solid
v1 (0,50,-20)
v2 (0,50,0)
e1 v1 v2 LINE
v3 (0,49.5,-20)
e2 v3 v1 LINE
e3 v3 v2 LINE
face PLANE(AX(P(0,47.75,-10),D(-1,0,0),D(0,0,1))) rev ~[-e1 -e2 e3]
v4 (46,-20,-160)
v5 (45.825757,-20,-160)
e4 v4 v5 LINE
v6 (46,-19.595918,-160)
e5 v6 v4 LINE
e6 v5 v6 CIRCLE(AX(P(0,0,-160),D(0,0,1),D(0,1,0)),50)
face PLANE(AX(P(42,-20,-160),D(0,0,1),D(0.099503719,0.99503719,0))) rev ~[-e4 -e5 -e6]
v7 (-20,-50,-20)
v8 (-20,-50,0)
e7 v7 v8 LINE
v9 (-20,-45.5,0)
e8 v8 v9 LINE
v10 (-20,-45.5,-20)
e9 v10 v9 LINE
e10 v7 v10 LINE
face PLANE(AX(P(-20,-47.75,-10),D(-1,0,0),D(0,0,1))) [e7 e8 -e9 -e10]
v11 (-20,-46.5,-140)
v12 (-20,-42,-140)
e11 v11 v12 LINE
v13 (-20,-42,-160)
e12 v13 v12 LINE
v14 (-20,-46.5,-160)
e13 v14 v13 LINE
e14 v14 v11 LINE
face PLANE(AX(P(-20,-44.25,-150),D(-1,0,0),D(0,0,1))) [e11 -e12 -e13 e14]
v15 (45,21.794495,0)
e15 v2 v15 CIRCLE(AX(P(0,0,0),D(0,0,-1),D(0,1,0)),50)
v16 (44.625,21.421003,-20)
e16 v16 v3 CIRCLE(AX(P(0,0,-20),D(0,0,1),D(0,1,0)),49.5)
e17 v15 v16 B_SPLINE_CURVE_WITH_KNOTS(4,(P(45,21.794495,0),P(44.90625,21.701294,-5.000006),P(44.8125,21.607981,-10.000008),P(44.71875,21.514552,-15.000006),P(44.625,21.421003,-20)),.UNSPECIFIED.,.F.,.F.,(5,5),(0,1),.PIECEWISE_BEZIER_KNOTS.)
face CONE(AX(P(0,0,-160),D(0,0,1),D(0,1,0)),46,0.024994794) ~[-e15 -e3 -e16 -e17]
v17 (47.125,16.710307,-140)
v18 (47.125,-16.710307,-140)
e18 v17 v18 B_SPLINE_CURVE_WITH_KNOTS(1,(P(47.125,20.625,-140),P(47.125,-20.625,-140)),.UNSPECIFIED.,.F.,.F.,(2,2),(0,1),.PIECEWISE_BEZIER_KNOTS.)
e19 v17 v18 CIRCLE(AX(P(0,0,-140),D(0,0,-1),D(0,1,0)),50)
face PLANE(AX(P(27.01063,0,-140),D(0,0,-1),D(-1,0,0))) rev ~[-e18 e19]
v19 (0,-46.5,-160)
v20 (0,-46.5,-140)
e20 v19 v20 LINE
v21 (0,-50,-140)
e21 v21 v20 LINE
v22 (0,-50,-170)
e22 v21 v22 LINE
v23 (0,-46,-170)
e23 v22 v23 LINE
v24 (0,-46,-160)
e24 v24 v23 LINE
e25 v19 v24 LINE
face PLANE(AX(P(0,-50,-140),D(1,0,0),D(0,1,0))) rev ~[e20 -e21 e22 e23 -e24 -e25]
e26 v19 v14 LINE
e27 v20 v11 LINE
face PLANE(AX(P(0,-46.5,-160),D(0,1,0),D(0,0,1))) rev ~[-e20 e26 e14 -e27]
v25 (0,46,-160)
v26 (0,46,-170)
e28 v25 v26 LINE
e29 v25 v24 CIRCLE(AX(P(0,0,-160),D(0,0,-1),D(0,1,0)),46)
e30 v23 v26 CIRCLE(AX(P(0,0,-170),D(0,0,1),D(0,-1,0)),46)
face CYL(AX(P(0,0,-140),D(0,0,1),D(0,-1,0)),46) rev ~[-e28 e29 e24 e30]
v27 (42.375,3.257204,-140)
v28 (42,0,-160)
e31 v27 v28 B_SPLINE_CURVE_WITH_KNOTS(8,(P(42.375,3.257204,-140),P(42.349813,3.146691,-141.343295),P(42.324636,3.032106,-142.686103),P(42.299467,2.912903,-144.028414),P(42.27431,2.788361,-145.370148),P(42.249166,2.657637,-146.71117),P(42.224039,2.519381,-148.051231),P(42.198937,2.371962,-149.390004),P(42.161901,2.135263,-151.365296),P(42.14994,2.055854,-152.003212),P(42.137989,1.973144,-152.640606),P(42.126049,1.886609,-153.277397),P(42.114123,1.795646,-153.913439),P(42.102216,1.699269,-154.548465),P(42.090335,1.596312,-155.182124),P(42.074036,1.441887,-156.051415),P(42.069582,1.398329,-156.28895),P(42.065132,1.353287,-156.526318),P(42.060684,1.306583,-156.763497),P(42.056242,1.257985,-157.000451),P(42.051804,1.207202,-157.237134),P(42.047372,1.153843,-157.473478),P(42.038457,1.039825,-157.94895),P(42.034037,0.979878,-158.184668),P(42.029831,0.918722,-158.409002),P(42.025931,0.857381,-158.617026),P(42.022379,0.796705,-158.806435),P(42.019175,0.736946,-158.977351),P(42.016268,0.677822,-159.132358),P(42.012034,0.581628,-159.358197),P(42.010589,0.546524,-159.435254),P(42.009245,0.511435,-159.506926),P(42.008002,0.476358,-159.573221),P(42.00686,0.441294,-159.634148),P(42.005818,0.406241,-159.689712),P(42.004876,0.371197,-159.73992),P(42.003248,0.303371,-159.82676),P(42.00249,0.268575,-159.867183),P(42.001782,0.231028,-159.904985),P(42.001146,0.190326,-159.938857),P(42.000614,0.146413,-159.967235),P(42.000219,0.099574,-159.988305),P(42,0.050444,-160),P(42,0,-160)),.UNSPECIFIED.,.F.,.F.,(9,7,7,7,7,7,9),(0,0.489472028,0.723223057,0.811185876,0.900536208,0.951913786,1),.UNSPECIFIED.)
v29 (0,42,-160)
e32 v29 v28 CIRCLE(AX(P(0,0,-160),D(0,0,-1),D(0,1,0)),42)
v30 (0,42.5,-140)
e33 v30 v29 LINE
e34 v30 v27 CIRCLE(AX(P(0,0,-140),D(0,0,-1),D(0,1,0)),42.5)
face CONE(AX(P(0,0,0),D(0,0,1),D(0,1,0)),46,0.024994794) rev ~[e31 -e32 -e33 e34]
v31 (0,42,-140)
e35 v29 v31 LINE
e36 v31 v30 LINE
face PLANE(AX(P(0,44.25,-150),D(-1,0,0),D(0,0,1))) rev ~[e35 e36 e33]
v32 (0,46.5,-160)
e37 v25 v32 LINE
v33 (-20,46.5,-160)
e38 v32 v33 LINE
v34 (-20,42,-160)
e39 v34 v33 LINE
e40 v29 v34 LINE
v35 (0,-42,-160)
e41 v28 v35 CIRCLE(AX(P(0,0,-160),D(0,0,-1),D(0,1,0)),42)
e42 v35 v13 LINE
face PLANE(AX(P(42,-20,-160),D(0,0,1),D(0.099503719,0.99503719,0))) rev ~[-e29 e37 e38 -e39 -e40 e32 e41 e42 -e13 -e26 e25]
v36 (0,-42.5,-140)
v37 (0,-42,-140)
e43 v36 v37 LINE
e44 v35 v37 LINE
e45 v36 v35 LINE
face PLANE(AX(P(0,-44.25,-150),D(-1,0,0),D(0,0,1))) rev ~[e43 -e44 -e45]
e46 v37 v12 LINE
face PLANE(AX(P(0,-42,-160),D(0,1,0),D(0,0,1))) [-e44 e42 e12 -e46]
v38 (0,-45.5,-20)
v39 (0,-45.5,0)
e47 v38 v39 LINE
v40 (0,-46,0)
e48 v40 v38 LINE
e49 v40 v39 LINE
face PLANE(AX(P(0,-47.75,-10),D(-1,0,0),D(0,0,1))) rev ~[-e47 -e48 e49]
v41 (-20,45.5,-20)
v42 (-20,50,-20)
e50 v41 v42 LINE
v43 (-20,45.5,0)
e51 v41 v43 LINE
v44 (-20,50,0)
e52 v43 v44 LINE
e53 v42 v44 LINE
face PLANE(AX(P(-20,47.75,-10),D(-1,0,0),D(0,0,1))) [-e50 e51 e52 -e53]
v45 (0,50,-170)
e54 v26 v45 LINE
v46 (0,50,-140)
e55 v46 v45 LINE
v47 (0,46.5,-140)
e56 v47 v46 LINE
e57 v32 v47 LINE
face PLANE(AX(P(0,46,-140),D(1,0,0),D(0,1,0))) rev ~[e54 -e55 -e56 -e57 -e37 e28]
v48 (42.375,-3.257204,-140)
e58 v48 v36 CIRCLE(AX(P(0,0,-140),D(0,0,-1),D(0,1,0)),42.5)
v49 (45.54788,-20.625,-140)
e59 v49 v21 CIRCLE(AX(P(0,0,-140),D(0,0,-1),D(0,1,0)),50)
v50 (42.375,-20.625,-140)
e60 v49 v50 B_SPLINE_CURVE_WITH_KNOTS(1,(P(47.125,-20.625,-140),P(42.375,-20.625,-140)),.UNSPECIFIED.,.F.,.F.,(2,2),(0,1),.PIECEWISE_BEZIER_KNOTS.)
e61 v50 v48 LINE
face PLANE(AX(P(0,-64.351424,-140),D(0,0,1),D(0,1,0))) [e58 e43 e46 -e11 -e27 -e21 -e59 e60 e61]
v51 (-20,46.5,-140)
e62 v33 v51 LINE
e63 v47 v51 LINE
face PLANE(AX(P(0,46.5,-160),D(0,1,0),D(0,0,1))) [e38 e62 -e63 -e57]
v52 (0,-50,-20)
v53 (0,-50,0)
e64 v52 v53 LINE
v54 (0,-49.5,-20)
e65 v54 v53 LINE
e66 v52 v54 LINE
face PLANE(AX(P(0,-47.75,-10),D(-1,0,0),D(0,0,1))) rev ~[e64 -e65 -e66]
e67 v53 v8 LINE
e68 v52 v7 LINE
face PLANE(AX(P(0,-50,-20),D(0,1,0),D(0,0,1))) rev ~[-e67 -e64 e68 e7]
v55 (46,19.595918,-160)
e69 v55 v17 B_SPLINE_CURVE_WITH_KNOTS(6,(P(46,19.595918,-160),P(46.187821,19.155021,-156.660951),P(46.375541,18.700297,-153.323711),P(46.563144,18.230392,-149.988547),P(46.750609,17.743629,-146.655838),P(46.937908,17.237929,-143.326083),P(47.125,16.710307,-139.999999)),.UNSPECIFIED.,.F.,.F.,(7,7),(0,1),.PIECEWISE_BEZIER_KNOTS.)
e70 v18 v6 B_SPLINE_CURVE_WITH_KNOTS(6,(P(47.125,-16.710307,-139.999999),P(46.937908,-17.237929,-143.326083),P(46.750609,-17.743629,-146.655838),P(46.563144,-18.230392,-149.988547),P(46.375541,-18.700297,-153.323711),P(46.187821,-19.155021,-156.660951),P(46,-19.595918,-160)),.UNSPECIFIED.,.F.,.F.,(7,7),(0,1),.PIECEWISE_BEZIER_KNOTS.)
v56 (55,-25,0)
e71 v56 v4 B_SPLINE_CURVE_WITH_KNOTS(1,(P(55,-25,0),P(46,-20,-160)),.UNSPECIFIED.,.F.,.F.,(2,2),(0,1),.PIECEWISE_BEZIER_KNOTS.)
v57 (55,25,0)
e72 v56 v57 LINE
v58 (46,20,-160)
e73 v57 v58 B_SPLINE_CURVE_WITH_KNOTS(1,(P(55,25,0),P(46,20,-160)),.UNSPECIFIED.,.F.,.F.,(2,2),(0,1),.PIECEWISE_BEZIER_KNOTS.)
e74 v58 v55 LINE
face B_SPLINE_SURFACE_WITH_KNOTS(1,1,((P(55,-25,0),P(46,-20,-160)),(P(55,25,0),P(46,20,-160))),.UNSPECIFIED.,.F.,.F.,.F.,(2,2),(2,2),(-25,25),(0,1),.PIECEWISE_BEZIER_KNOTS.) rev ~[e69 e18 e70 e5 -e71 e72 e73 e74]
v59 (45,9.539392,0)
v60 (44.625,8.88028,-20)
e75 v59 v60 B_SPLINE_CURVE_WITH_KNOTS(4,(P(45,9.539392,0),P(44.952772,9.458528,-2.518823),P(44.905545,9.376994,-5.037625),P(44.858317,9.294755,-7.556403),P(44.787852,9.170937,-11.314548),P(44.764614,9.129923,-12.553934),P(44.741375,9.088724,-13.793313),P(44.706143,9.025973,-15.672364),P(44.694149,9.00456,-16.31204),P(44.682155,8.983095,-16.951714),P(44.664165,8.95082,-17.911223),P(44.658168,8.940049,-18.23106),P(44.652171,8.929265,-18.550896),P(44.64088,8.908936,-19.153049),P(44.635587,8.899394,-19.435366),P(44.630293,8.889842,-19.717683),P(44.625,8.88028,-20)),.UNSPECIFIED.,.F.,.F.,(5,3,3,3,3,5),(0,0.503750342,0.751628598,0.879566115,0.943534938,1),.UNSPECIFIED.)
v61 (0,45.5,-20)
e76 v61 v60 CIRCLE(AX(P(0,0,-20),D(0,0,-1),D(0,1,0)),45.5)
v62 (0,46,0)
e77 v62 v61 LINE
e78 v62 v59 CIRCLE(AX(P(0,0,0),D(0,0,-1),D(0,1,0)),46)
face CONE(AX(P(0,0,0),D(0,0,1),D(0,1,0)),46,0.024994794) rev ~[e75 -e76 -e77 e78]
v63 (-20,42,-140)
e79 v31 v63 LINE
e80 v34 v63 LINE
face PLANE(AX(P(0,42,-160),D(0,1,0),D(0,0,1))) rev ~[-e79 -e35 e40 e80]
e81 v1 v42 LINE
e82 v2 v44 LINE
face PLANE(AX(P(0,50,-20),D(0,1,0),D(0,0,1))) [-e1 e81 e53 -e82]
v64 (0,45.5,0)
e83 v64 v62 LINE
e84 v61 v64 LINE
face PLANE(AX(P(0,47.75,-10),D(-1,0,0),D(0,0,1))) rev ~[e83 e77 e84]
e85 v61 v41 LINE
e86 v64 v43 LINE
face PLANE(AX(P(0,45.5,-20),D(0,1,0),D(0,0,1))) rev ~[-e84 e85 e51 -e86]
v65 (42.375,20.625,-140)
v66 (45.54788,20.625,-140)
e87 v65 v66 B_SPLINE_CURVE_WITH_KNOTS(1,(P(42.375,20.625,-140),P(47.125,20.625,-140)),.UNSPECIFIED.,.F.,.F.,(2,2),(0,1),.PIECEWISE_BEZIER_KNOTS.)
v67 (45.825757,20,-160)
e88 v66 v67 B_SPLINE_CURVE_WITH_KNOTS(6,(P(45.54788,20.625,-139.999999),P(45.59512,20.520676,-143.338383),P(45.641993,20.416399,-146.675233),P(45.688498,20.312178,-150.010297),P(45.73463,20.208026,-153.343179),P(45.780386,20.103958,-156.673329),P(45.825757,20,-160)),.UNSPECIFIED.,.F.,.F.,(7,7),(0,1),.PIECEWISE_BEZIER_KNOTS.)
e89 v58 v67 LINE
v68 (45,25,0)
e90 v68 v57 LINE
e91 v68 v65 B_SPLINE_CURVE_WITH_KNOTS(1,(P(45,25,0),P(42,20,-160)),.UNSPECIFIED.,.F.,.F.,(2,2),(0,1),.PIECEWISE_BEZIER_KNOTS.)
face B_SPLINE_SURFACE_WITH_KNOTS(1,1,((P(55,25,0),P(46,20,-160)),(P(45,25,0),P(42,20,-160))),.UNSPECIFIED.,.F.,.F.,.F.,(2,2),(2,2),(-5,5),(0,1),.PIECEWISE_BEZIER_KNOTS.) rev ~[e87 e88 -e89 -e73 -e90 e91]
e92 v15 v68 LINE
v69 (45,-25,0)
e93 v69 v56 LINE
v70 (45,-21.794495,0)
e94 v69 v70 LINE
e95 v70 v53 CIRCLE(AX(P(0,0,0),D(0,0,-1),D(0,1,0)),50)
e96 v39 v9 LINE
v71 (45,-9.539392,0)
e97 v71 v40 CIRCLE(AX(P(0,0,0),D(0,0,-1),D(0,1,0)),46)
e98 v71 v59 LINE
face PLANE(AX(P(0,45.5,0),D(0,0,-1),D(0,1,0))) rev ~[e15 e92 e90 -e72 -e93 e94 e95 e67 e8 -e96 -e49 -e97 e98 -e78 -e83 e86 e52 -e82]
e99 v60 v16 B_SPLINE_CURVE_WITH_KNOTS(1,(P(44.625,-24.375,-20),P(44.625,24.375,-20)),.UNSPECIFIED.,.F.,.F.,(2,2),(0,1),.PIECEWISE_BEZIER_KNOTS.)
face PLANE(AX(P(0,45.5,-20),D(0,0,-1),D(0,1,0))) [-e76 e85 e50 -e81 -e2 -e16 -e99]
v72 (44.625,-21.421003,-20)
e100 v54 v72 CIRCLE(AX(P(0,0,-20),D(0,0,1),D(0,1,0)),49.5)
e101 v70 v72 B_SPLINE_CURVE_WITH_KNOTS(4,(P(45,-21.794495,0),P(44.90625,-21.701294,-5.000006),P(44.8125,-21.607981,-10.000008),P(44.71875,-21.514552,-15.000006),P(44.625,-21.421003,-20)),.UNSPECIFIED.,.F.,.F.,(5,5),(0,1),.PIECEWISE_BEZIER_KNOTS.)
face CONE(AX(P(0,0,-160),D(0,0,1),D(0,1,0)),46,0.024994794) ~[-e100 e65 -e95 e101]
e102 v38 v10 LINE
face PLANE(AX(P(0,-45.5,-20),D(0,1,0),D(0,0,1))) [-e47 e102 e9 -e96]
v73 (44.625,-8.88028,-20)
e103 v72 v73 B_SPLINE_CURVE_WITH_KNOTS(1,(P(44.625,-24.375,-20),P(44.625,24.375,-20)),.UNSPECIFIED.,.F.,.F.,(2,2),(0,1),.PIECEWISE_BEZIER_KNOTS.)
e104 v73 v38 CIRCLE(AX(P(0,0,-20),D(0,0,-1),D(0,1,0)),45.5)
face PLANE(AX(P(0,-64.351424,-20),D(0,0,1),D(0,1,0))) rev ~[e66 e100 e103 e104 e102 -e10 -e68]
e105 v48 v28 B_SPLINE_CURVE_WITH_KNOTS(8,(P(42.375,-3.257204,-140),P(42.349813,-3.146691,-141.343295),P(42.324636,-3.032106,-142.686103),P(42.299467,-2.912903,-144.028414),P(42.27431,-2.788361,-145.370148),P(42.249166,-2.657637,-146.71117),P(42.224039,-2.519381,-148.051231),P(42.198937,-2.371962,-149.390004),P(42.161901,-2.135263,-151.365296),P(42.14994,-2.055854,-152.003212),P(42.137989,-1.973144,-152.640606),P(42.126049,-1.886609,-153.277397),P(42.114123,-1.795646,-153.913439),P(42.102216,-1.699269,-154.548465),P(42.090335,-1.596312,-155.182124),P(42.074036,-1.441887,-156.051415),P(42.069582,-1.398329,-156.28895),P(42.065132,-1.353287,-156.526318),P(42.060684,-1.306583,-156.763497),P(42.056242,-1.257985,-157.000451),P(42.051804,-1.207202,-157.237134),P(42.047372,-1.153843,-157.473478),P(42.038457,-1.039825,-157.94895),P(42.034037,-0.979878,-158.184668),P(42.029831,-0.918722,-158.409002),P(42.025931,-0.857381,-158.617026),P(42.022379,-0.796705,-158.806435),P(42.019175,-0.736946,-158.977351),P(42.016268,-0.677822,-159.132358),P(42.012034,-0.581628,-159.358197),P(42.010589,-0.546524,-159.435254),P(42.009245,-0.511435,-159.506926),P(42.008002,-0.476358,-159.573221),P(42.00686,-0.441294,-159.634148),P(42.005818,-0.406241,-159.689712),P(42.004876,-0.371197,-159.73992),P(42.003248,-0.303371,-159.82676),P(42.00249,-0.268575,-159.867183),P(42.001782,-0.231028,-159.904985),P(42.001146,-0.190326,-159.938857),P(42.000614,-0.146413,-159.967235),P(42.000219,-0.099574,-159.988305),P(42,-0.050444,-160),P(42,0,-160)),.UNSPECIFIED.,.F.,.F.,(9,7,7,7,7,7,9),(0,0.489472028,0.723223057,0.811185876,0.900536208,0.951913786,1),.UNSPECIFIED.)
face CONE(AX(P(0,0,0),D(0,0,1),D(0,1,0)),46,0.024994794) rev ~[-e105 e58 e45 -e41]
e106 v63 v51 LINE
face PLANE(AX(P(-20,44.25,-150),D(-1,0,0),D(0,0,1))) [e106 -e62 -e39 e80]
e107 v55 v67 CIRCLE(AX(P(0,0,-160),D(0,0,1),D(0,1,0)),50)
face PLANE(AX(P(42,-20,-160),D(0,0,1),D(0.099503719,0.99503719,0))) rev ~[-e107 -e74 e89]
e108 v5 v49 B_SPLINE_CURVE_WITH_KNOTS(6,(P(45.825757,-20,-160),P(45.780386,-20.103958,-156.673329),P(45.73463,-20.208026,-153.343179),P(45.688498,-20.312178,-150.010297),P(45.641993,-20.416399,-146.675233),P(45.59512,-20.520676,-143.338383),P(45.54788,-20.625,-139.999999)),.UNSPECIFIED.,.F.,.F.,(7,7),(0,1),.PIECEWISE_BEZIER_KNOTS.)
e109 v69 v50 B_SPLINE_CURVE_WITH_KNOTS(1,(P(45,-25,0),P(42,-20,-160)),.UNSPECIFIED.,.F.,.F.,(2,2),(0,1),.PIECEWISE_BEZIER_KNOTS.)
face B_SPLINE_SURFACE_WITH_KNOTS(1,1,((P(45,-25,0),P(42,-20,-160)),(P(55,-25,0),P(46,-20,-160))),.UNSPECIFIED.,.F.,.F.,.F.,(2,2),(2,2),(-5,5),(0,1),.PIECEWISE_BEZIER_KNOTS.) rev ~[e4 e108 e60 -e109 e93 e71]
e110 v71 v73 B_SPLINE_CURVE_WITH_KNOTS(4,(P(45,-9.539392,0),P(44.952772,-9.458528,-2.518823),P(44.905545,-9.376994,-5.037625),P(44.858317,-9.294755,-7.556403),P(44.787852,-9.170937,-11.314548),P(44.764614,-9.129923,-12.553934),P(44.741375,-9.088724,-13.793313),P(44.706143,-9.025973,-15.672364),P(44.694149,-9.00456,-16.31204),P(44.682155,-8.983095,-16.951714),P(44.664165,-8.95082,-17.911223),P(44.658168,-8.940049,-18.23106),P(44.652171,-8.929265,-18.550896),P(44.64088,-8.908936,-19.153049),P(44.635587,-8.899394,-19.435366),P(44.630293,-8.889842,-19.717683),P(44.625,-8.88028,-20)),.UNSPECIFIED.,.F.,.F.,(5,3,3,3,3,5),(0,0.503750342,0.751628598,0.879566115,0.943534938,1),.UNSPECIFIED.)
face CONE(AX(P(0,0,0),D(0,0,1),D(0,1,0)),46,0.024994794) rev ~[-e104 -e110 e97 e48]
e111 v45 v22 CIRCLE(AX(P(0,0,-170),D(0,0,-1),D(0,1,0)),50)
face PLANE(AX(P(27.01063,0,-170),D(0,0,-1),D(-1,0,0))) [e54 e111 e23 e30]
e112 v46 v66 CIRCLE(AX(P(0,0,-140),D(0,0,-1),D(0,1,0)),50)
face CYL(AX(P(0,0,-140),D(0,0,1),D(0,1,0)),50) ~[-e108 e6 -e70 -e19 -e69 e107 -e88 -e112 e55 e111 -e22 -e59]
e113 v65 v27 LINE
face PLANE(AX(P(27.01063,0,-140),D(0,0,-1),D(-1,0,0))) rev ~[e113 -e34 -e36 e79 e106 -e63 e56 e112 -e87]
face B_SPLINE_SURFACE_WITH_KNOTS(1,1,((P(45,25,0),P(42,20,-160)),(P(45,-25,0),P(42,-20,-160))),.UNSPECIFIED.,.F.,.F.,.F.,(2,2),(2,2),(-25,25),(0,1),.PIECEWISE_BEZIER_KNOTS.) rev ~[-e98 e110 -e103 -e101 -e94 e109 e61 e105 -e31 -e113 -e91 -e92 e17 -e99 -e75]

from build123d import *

# Parameters (mm, degrees)
REVOLVE_1_ANGLE     = 180
SKETCH_2_W          = 120
SKETCH_2_H          = 124.466444362
CUT_EXTRUDE_1_DEPTH = 51
SKETCH_3_W          = 10
SKETCH_3_H          = 50
SKETCH_4_W          = 4
SKETCH_4_H          = 40
SKETCH_6_W          = 20
SKETCH_6_H          = 4.5
EXTRUDE_1_DEPTH     = 20
EXTRUDE_3_DEPTH     = 30


with BuildPart() as part:
    # 草图1 → 旋转1 (revolve)
    with BuildSketch(Plane(origin=(0, 0, 0), x_dir=(0, 0, -1), z_dir=(1, 0, 0))):
        Polygon((0, 50), (0, 46), (160, 42), (160, 46), align=None)
    revolve(axis=Axis((0, 0, 0), (0, 0, -1)), revolution_arc=REVOLVE_1_ANGLE)

    # 草图2 → 切除-拉伸1 (cut, through all)
    with BuildSketch(Plane(origin=(0, 0, 0), x_dir=(0, 0, -1), z_dir=(1, 0, 0))):
        with Locations((80, -2.118201403)):
            Rectangle(SKETCH_2_W, SKETCH_2_H)
    extrude(amount=CUT_EXTRUDE_1_DEPTH, mode=Mode.SUBTRACT)

    # 草图3 → 放样1 section 0
    with BuildSketch(Plane.XY):
        with Locations((50, 0)):
            Rectangle(SKETCH_3_W, SKETCH_3_H)
    # 草图4 → 放样1 section 1
    with BuildSketch(Plane(origin=(0, 0, -160), x_dir=(-1, 0, 0), z_dir=(0, 0, -1))):
        with Locations((-44, 0)):
            Rectangle(SKETCH_4_W, SKETCH_4_H)
    loft()

    # 草图6 → 凸台-拉伸1 (add)
    with BuildSketch(Plane.ZY):
        with Locations((-10, 47.75)):
            Rectangle(SKETCH_6_W, SKETCH_6_H)
        with Locations((-10, -47.75)):
            Rectangle(SKETCH_6_W, SKETCH_6_H)
        with Locations((-150, -44.25)):
            Rectangle(SKETCH_6_W, SKETCH_6_H)
        with Locations((-150, 44.25)):
            Rectangle(SKETCH_6_W, SKETCH_6_H)
    extrude(amount=EXTRUDE_1_DEPTH)

    # 草图8 → 凸台-拉伸3 (add)
    with BuildSketch(Plane.XY.offset(-140)):
        with BuildLine():
            Line((0, 46), (0, 50))
            ThreePointArc((0, 50), (50, 0), (0, -50))
            Line((0, -50), (0, -46))
            ThreePointArc((0, -46), (46, 0), (0, 46))
        make_face()
    extrude(amount=-EXTRUDE_3_DEPTH)


solid = part.part
